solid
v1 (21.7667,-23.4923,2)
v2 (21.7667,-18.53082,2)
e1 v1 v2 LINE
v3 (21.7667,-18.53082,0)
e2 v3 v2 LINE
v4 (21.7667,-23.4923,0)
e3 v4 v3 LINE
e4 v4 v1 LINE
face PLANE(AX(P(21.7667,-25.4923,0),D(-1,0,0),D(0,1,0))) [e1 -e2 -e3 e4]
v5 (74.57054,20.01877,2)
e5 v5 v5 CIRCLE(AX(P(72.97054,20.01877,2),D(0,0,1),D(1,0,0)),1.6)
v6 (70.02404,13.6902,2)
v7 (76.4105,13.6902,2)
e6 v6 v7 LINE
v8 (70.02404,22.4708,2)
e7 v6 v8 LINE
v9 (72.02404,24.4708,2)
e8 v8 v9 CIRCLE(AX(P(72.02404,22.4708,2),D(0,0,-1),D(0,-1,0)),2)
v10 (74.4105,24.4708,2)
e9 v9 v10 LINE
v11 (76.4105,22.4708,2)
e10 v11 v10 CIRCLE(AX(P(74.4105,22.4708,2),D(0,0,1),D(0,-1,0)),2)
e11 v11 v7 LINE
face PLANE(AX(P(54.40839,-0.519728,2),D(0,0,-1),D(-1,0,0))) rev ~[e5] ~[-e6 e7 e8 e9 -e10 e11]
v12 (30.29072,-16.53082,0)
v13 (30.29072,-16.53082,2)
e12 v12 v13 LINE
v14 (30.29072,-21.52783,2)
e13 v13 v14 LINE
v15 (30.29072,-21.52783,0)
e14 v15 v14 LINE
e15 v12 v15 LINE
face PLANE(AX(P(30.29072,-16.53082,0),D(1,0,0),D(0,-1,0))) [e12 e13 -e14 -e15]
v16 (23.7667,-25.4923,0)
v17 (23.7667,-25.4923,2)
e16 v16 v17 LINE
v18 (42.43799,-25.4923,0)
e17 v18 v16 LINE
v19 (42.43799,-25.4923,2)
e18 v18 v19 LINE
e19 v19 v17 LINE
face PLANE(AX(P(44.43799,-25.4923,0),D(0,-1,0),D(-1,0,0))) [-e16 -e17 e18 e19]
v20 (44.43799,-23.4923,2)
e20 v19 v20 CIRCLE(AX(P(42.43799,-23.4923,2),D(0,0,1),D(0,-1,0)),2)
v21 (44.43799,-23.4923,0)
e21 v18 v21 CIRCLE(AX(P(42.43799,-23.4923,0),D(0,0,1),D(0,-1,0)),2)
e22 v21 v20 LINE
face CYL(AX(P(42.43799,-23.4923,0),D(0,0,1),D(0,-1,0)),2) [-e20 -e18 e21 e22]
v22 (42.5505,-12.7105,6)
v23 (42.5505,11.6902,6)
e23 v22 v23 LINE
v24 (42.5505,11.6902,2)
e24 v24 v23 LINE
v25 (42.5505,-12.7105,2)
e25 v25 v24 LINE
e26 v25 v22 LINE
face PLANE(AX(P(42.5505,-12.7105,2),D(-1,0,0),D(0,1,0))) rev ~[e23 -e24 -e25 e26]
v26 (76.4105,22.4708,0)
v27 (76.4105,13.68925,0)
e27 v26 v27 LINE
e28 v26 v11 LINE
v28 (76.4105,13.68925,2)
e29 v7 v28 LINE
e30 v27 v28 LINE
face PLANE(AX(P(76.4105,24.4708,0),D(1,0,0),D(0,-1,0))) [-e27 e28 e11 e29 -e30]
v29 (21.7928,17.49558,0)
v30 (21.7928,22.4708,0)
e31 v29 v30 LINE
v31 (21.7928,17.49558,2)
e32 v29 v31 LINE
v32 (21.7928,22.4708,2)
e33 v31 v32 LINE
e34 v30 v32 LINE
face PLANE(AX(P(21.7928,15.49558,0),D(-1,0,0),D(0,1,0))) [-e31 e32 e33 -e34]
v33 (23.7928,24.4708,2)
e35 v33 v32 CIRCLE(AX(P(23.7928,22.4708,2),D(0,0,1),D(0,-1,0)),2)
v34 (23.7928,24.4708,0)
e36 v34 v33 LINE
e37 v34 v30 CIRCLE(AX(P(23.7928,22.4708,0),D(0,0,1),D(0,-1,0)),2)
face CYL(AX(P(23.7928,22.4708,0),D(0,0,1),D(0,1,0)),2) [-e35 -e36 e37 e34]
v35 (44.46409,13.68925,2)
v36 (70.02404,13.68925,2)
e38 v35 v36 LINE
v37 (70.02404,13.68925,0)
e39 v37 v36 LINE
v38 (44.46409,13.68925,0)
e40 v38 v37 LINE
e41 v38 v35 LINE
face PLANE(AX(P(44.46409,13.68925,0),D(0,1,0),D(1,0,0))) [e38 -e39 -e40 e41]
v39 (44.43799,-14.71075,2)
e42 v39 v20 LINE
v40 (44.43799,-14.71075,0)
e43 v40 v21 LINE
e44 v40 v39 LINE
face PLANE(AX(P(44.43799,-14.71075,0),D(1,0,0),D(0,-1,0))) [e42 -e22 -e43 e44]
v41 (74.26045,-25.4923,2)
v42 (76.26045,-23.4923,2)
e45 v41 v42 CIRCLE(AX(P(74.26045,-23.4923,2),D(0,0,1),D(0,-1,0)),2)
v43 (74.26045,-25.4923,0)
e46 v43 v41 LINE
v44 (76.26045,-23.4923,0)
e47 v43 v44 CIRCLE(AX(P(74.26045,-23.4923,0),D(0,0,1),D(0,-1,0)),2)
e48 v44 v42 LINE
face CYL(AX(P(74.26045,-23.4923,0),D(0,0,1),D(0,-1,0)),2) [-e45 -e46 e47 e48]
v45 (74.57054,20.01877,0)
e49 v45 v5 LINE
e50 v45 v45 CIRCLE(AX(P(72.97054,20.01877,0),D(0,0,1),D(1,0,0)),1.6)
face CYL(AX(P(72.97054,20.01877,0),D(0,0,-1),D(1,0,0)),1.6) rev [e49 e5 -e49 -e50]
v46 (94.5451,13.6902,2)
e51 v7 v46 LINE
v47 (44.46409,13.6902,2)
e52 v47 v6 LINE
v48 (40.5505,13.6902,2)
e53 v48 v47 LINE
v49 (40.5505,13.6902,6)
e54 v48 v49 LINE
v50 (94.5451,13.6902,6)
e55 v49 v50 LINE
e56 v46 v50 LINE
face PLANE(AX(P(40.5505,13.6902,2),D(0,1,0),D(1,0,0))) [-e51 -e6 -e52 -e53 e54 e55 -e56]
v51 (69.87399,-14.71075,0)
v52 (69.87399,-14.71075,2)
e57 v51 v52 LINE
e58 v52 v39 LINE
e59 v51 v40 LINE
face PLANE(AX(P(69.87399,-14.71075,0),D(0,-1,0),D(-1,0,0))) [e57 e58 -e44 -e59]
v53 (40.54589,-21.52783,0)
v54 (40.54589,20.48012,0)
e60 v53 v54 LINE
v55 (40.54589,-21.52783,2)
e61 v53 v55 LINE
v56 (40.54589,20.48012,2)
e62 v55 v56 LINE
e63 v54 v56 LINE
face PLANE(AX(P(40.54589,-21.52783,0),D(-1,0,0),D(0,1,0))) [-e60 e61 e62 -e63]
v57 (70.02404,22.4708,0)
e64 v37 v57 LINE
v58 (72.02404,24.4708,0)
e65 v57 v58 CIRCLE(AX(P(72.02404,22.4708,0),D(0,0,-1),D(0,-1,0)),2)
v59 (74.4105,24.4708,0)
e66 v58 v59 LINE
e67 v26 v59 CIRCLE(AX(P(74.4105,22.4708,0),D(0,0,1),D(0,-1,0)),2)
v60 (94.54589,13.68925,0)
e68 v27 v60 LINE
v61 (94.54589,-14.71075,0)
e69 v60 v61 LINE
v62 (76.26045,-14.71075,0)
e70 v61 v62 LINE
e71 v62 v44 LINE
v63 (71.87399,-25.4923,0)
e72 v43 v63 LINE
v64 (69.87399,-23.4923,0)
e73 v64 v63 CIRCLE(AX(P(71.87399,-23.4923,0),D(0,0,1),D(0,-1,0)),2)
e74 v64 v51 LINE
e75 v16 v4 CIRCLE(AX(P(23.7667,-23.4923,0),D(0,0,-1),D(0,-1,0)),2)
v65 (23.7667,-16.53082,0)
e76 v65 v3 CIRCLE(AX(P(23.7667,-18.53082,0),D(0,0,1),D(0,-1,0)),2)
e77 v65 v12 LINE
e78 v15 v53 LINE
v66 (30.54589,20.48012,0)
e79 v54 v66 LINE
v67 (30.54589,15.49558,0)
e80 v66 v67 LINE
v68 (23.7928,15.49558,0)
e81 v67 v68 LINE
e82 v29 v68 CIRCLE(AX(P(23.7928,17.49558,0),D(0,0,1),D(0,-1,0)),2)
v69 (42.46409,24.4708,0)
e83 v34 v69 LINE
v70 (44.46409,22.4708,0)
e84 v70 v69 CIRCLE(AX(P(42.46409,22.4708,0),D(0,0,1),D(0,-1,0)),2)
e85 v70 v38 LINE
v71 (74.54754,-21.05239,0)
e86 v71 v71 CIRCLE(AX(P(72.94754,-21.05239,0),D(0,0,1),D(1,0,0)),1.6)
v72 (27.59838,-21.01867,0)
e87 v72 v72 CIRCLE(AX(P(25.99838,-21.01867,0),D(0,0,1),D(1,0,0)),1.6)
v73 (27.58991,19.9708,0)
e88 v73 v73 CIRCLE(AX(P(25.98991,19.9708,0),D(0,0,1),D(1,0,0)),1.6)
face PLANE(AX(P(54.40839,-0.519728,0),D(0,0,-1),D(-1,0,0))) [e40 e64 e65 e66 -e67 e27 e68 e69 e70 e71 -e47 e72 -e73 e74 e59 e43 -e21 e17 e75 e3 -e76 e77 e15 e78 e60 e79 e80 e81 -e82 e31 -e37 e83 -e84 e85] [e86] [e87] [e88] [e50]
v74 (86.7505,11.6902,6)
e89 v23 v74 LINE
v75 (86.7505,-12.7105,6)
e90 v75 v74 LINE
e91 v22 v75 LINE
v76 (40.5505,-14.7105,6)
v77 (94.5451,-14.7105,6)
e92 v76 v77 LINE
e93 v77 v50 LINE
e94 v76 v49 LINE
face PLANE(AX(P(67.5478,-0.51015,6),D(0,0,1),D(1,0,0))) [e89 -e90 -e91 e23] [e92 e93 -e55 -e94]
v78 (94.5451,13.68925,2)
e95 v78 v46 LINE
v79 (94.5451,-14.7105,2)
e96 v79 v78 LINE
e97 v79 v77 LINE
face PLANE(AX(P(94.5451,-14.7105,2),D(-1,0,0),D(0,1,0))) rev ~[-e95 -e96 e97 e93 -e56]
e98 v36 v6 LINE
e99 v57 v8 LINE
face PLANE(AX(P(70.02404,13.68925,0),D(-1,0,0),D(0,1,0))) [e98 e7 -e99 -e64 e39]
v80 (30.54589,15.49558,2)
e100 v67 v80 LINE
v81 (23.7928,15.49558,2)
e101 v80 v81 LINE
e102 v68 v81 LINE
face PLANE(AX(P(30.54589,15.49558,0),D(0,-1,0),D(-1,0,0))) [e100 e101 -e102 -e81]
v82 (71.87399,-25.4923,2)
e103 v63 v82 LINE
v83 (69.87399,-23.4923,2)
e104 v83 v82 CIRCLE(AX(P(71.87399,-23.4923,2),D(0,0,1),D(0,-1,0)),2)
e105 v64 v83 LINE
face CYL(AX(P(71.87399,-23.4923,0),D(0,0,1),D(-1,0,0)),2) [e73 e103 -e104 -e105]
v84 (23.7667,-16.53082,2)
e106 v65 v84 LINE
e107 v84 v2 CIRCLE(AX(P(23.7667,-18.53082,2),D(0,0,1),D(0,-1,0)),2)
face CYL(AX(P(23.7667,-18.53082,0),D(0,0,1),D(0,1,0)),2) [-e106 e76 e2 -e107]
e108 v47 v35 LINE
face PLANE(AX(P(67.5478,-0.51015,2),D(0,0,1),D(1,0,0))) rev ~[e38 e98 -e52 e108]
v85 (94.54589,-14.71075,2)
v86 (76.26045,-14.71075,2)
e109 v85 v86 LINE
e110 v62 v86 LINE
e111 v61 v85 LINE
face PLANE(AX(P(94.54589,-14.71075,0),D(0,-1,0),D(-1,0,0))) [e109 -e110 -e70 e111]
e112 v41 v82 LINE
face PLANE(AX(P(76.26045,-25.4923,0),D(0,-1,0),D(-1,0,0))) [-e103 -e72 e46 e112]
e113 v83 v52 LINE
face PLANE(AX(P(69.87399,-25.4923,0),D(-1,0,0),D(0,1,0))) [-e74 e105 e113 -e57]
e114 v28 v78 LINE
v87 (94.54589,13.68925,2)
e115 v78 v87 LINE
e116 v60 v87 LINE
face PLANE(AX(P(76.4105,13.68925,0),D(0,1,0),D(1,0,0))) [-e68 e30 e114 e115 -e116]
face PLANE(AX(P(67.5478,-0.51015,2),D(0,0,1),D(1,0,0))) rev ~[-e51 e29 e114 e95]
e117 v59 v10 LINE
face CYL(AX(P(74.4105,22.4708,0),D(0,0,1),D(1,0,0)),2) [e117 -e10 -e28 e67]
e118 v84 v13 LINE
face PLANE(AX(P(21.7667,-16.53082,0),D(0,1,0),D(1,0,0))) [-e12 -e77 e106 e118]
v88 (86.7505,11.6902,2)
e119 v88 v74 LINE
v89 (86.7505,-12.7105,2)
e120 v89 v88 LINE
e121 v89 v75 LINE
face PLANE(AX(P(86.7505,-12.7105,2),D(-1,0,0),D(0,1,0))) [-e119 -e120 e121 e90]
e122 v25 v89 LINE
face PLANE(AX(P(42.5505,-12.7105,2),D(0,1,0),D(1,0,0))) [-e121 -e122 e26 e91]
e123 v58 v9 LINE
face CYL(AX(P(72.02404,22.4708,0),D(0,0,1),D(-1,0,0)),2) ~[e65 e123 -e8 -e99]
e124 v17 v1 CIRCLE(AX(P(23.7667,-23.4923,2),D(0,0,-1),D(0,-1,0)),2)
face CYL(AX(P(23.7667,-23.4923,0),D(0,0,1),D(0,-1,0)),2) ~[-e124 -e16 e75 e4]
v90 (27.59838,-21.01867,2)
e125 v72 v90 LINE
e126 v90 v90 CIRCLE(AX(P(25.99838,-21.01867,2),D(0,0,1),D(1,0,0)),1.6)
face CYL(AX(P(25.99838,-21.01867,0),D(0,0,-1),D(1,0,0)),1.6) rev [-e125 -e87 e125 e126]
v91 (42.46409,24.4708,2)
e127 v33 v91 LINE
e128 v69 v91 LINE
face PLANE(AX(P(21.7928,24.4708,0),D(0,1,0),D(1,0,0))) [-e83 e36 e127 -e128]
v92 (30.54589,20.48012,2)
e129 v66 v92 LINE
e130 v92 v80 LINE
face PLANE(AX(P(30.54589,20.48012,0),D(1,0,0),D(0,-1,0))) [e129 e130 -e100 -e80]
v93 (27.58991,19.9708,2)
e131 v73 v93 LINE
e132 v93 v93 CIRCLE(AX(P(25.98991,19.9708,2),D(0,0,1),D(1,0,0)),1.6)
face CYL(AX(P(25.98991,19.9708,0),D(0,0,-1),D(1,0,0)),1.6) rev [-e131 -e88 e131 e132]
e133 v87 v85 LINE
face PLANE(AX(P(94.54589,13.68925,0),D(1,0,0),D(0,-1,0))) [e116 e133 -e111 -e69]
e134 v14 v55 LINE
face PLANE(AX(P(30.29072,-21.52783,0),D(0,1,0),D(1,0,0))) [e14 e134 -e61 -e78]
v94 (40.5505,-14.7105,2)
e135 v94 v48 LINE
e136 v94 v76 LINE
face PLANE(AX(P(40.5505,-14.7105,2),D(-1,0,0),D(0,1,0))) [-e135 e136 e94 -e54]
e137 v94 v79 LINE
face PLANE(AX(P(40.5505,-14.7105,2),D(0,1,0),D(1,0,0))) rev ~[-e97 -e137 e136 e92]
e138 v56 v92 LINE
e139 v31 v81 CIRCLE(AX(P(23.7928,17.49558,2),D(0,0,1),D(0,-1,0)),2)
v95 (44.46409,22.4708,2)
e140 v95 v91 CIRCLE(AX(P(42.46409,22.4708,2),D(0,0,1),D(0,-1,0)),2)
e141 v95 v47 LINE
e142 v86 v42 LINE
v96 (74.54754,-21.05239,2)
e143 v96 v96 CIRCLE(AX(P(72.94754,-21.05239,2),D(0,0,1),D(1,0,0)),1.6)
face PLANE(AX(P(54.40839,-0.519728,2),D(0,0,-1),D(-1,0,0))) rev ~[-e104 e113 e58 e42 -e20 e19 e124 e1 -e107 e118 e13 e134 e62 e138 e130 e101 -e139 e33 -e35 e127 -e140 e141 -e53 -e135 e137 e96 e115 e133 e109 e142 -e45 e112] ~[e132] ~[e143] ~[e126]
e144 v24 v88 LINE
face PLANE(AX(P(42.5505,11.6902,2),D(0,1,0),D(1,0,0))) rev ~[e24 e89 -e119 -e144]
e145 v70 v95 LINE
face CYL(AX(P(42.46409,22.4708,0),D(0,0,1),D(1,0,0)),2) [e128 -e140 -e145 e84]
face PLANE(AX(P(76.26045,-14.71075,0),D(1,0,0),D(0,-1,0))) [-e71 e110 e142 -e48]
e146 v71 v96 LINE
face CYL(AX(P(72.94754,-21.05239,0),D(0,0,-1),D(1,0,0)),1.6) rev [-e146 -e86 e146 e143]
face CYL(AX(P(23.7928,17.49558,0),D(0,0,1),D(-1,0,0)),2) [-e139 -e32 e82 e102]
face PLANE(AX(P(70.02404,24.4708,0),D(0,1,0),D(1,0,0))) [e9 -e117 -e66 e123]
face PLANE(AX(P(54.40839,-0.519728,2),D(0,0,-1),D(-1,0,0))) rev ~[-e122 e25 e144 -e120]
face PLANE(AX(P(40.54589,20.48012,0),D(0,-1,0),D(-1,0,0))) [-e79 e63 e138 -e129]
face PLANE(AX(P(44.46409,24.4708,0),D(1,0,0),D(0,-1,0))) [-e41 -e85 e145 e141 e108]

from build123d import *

# Parameters (mm, degrees)
SKETCH_R      = 1.6
PAD_DEPTH     = 2
SKETCH001_W   = 53.9946
SKETCH001_H   = 28.4007
SKETCH001_W_2 = 44.2
SKETCH001_H_2 = 24.4007
PAD001_DEPTH  = 4
FILLET_R      = 2


with BuildPart() as part:
    # Sketch → Pad (new body)
    with BuildSketch(Plane.XY):
        Polygon((21.7667, -25.4923), (21.7667, -16.53082), (30.29072, -16.53082), (30.29072, -21.52783), (40.54589, -21.52783), (40.54589, 20.48012), (30.54589, 20.48012), (30.54589, 15.49558), (21.7928, 15.49558), (21.7928, 24.4708), (44.46409, 24.4708), (44.46409, 13.68925), (70.02404, 13.68925), (70.02404, 24.4708), (76.4105, 24.4708), (76.4105, 13.68925), (94.54589, 13.68925), (94.54589, -14.71075), (76.26045, -14.71075), (76.26045, -25.4923), (69.87399, -25.4923), (69.87399, -14.71075), (44.43799, -14.71075), (44.43799, -25.4923), align=None)
        with Locations((25.98991, 19.9708)):
            Circle(SKETCH_R, mode=Mode.SUBTRACT)
        with Locations((25.99838, -21.01867)):
            Circle(SKETCH_R, mode=Mode.SUBTRACT)
        with Locations((72.97054, 20.01877)):
            Circle(SKETCH_R, mode=Mode.SUBTRACT)
        with Locations((72.94754, -21.05239)):
            Circle(SKETCH_R, mode=Mode.SUBTRACT)
    extrude(amount=PAD_DEPTH)

    # Sketch001 → Pad001 (new body)
    with BuildSketch(Plane.XY.offset(2)):
        with Locations((67.5478, -0.51015)):
            Rectangle(SKETCH001_W, SKETCH001_H)
        with Locations((64.6505, -0.51015)):
            Rectangle(SKETCH001_W_2, SKETCH001_H_2, mode=Mode.SUBTRACT)
    extrude(amount=PAD001_DEPTH)

    # Fillet
    fillet_edges = [part.edges().sort_by_distance(p)[0] for p in [
        (21.7667, -16.53082, 1),
        (21.7667, -25.4923, 1),
        (44.43799, -25.4923, 1),
        (69.87399, -25.4923, 1),
        (76.26045, -25.4923, 1),
        (76.4105, 24.4708, 1),
        (70.02404, 24.4708, 1),
        (44.46409, 24.4708, 1),
        (21.7928, 24.4708, 1),
        (21.7928, 15.49558, 1),
    ]]
    fillet(fillet_edges, radius=FILLET_R)


solid = part.part
